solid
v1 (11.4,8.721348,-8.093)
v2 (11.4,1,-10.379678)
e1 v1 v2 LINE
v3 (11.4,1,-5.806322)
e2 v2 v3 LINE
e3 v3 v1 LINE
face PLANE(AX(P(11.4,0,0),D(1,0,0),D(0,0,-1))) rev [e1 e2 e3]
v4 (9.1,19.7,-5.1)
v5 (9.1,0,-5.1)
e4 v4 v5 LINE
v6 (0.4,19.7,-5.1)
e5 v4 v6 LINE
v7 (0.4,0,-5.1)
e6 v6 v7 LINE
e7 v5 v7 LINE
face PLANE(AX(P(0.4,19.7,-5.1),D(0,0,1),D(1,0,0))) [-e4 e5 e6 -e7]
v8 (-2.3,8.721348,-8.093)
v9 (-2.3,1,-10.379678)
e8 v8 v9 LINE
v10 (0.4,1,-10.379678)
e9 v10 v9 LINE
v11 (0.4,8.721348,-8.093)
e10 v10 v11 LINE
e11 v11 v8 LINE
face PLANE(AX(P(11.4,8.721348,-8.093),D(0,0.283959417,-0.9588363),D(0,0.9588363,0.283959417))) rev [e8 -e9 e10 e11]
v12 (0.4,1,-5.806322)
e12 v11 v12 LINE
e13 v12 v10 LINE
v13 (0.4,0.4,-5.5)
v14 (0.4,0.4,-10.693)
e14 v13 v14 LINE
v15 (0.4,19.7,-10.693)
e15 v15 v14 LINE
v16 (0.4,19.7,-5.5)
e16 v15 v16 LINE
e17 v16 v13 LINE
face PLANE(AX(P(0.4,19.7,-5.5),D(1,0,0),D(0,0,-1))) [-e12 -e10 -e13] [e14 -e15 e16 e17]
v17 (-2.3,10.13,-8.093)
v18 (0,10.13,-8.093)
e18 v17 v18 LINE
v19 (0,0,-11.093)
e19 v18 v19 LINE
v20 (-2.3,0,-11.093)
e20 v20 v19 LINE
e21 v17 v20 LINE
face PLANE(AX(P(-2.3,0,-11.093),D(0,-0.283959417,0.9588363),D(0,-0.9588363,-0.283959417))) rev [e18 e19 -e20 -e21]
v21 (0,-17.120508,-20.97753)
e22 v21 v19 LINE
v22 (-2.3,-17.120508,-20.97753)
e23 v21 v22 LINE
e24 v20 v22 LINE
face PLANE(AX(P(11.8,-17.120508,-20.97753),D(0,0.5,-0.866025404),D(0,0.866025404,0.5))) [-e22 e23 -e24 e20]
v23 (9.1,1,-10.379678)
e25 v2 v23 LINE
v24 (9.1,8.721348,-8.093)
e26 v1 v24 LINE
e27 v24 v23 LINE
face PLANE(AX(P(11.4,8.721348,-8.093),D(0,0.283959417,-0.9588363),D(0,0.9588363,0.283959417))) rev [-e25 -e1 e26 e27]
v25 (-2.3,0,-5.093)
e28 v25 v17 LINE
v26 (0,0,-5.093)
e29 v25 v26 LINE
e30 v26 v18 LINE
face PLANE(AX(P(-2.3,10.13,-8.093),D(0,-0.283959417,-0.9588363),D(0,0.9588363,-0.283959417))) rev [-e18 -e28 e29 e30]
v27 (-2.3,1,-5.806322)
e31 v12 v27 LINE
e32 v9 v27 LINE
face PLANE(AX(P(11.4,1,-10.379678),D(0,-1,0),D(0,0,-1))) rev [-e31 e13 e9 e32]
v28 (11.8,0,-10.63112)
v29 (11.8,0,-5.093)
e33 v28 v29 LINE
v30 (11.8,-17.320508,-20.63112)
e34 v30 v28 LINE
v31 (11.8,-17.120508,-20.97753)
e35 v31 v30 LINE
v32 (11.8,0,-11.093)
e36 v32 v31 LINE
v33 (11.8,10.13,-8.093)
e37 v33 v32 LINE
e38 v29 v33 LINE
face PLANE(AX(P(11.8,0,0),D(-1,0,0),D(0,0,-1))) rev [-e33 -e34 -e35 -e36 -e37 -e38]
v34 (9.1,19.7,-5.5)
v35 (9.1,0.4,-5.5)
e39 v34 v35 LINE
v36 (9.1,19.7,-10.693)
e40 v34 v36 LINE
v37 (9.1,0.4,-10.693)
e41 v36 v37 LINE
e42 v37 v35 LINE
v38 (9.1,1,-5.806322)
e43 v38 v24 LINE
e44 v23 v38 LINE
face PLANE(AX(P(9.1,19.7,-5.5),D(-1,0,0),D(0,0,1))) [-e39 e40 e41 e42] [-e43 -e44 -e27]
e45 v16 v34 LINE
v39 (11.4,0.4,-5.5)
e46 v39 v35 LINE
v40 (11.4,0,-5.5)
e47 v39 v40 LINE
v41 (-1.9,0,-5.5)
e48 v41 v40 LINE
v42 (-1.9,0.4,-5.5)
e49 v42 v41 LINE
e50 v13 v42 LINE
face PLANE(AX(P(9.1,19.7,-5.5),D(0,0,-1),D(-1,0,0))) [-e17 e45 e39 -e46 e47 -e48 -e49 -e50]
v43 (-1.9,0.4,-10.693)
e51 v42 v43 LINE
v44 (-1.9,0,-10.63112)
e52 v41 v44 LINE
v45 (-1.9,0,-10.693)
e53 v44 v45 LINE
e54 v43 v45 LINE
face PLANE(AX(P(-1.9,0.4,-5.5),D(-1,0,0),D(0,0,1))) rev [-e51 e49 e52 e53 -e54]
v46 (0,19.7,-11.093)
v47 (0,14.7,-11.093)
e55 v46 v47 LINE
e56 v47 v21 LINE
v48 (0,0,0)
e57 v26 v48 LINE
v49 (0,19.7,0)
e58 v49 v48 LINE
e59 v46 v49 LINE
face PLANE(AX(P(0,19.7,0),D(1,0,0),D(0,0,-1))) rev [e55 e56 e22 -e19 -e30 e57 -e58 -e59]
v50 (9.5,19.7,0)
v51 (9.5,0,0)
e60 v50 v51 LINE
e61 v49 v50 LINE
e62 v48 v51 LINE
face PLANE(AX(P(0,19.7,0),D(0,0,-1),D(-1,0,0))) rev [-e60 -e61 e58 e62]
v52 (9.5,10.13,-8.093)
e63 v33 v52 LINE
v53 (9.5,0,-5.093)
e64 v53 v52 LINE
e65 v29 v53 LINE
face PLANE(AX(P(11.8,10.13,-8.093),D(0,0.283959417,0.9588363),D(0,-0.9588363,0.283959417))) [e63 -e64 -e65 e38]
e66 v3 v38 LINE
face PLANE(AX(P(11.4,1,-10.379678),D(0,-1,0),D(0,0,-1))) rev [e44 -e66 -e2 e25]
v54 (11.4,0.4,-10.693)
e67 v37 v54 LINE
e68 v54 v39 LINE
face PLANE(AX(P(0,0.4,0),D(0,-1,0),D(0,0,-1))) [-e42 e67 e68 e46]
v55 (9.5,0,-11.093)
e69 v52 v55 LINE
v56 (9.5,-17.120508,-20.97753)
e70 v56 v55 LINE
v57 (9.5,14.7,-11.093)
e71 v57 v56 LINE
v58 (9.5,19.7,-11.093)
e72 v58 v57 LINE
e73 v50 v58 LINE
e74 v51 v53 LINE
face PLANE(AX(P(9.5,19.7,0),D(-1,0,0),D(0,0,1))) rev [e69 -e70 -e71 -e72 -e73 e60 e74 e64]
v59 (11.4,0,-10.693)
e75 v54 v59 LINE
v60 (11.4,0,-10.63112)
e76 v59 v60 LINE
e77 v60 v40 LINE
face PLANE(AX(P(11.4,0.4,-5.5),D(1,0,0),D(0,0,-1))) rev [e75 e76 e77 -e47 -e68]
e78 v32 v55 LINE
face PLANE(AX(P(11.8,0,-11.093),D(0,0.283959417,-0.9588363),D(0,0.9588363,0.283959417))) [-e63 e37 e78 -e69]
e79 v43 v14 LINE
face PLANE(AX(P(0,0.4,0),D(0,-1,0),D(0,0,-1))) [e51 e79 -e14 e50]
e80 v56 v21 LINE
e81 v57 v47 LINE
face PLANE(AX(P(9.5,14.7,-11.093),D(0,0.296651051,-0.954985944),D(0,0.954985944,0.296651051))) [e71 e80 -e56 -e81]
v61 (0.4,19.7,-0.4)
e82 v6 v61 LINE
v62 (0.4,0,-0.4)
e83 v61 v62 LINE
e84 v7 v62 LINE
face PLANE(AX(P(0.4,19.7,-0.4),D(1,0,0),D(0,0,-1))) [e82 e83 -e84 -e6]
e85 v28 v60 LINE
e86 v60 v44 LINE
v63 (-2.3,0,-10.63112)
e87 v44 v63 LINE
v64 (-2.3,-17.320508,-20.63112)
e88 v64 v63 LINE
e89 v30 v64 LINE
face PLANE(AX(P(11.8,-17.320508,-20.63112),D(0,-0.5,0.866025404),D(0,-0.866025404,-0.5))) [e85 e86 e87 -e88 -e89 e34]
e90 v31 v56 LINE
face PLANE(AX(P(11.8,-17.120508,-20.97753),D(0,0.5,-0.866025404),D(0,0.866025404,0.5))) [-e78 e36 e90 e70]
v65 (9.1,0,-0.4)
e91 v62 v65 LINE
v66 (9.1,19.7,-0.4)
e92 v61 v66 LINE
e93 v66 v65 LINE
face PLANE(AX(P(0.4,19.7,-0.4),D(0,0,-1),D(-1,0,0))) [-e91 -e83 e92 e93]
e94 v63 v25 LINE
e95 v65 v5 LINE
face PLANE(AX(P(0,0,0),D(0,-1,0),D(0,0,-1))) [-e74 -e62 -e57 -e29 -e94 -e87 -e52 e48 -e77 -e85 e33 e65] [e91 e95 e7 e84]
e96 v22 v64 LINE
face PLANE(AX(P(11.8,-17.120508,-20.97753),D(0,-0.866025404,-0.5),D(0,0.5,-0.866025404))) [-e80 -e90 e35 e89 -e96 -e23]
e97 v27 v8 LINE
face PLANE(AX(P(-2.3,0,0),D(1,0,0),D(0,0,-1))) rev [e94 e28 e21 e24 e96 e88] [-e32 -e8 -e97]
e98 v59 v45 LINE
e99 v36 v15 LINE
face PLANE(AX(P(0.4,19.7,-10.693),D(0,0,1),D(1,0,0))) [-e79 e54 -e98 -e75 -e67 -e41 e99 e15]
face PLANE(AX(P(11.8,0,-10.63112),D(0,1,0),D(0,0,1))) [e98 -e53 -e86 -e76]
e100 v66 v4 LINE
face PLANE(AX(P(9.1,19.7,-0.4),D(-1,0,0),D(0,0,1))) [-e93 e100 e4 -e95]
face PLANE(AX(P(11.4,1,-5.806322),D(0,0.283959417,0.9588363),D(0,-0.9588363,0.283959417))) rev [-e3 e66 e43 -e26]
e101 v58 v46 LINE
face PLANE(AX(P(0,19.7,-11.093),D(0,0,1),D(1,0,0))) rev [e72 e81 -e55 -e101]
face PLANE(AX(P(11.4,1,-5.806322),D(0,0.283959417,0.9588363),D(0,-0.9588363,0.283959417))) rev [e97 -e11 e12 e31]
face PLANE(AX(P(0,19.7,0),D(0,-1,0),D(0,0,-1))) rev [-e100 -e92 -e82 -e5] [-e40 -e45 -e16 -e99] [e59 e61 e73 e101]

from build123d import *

# Parameters (mm, degrees)
SKIZZE1_W                       = 9.5
SKIZZE1_H                       = 11.093
SKIZZE1_W_2                     = 8.7
SKIZZE1_H_2                     = 4.7
SKIZZE1_H_3                     = 5.193
AUFSATZ_LINEAR_AUSTRAGEN1_DEPTH = 19.7
AUFSATZ_LINEAR_AUSTRAGEN2_DEPTH = 2.3
SCHNITT_LINEAR_AUSTRAGEN1_DEPTH = 13.7
SKIZZE4_W                       = 13.3
SKIZZE4_H                       = 5.193
SCHNITT_LINEAR_AUSTRAGEN2_DEPTH = 0.4
AUFSATZ_LINEAR_AUSTRAGEN3_DEPTH = 14.1
AUFSATZ_LINEAR_START            = -9.5
AUFSATZ_LINEAR_AUSTRAGEN4_DEPTH = 9.5


with BuildPart() as part:
    # Skizze1 → Aufsatz-Linear austragen1 (new body)
    with BuildSketch(Plane(origin=(0, 0, 0), x_dir=(1, 0, 0), z_dir=(0, 1, 0))):
        with Locations((4.75, 5.5465)):
            Rectangle(SKIZZE1_W, SKIZZE1_H)
        with Locations((4.75, 2.75)):
            Rectangle(SKIZZE1_W_2, SKIZZE1_H_2, mode=Mode.SUBTRACT)
        with Locations((4.75, 8.0965)):
            Rectangle(SKIZZE1_W_2, SKIZZE1_H_3, mode=Mode.SUBTRACT)
    extrude(amount=AUFSATZ_LINEAR_AUSTRAGEN1_DEPTH)

    # Skizze2 → Aufsatz-Linear austragen2 (add)
    with BuildSketch(Plane.ZY):
        Polygon((-11.093, 0), (-8.093, 10.13), (-5.093, 0), align=None)
    aufsatz_linear_austragen2 = extrude(amount=AUFSATZ_LINEAR_AUSTRAGEN2_DEPTH)

    # Spiegeln1: Aufsatz-Linear austragen2 across plane
    add(aufsatz_linear_austragen2.mirror(Plane(origin=(4.75, 0, 0), x_dir=(0, 0, 1), z_dir=(1, 0, 0))))

    # Skizze3 → Schnitt-Linear austragen1 (cut)
    with BuildSketch(Plane.ZY.offset(2.3)):
        Polygon((-10.379677593, 1), (-5.806322407, 1), (-8.093, 8.721348004), align=None)
    extrude(amount=-SCHNITT_LINEAR_AUSTRAGEN1_DEPTH, mode=Mode.SUBTRACT)

    # Skizze4 → Schnitt-Linear austragen2 (cut)
    with BuildSketch(Plane.XZ):
        with Locations((4.75, -8.0965)):
            Rectangle(SKIZZE4_W, SKIZZE4_H)
    extrude(amount=-SCHNITT_LINEAR_AUSTRAGEN2_DEPTH, mode=Mode.SUBTRACT)

    # Skizze5 → Aufsatz-Linear austragen3 (add)
    with BuildSketch(Plane.ZY.offset(2.3)):
        Polygon((-20.977529946, -17.120508076), (-20.631119785, -17.320508076), (-10.631119785, 0), (-11.093, 0), align=None)
    extrude(amount=-AUFSATZ_LINEAR_AUSTRAGEN3_DEPTH)

    # Skizze6 → Aufsatz-Linear austragen4 (add)
    with BuildSketch(Plane.ZY.offset(AUFSATZ_LINEAR_START)):
        Polygon((-20.977529946, -17.120508076), (-11.093, 0), (-11.093, 14.7), align=None)
    extrude(amount=AUFSATZ_LINEAR_AUSTRAGEN4_DEPTH)


solid = part.part
